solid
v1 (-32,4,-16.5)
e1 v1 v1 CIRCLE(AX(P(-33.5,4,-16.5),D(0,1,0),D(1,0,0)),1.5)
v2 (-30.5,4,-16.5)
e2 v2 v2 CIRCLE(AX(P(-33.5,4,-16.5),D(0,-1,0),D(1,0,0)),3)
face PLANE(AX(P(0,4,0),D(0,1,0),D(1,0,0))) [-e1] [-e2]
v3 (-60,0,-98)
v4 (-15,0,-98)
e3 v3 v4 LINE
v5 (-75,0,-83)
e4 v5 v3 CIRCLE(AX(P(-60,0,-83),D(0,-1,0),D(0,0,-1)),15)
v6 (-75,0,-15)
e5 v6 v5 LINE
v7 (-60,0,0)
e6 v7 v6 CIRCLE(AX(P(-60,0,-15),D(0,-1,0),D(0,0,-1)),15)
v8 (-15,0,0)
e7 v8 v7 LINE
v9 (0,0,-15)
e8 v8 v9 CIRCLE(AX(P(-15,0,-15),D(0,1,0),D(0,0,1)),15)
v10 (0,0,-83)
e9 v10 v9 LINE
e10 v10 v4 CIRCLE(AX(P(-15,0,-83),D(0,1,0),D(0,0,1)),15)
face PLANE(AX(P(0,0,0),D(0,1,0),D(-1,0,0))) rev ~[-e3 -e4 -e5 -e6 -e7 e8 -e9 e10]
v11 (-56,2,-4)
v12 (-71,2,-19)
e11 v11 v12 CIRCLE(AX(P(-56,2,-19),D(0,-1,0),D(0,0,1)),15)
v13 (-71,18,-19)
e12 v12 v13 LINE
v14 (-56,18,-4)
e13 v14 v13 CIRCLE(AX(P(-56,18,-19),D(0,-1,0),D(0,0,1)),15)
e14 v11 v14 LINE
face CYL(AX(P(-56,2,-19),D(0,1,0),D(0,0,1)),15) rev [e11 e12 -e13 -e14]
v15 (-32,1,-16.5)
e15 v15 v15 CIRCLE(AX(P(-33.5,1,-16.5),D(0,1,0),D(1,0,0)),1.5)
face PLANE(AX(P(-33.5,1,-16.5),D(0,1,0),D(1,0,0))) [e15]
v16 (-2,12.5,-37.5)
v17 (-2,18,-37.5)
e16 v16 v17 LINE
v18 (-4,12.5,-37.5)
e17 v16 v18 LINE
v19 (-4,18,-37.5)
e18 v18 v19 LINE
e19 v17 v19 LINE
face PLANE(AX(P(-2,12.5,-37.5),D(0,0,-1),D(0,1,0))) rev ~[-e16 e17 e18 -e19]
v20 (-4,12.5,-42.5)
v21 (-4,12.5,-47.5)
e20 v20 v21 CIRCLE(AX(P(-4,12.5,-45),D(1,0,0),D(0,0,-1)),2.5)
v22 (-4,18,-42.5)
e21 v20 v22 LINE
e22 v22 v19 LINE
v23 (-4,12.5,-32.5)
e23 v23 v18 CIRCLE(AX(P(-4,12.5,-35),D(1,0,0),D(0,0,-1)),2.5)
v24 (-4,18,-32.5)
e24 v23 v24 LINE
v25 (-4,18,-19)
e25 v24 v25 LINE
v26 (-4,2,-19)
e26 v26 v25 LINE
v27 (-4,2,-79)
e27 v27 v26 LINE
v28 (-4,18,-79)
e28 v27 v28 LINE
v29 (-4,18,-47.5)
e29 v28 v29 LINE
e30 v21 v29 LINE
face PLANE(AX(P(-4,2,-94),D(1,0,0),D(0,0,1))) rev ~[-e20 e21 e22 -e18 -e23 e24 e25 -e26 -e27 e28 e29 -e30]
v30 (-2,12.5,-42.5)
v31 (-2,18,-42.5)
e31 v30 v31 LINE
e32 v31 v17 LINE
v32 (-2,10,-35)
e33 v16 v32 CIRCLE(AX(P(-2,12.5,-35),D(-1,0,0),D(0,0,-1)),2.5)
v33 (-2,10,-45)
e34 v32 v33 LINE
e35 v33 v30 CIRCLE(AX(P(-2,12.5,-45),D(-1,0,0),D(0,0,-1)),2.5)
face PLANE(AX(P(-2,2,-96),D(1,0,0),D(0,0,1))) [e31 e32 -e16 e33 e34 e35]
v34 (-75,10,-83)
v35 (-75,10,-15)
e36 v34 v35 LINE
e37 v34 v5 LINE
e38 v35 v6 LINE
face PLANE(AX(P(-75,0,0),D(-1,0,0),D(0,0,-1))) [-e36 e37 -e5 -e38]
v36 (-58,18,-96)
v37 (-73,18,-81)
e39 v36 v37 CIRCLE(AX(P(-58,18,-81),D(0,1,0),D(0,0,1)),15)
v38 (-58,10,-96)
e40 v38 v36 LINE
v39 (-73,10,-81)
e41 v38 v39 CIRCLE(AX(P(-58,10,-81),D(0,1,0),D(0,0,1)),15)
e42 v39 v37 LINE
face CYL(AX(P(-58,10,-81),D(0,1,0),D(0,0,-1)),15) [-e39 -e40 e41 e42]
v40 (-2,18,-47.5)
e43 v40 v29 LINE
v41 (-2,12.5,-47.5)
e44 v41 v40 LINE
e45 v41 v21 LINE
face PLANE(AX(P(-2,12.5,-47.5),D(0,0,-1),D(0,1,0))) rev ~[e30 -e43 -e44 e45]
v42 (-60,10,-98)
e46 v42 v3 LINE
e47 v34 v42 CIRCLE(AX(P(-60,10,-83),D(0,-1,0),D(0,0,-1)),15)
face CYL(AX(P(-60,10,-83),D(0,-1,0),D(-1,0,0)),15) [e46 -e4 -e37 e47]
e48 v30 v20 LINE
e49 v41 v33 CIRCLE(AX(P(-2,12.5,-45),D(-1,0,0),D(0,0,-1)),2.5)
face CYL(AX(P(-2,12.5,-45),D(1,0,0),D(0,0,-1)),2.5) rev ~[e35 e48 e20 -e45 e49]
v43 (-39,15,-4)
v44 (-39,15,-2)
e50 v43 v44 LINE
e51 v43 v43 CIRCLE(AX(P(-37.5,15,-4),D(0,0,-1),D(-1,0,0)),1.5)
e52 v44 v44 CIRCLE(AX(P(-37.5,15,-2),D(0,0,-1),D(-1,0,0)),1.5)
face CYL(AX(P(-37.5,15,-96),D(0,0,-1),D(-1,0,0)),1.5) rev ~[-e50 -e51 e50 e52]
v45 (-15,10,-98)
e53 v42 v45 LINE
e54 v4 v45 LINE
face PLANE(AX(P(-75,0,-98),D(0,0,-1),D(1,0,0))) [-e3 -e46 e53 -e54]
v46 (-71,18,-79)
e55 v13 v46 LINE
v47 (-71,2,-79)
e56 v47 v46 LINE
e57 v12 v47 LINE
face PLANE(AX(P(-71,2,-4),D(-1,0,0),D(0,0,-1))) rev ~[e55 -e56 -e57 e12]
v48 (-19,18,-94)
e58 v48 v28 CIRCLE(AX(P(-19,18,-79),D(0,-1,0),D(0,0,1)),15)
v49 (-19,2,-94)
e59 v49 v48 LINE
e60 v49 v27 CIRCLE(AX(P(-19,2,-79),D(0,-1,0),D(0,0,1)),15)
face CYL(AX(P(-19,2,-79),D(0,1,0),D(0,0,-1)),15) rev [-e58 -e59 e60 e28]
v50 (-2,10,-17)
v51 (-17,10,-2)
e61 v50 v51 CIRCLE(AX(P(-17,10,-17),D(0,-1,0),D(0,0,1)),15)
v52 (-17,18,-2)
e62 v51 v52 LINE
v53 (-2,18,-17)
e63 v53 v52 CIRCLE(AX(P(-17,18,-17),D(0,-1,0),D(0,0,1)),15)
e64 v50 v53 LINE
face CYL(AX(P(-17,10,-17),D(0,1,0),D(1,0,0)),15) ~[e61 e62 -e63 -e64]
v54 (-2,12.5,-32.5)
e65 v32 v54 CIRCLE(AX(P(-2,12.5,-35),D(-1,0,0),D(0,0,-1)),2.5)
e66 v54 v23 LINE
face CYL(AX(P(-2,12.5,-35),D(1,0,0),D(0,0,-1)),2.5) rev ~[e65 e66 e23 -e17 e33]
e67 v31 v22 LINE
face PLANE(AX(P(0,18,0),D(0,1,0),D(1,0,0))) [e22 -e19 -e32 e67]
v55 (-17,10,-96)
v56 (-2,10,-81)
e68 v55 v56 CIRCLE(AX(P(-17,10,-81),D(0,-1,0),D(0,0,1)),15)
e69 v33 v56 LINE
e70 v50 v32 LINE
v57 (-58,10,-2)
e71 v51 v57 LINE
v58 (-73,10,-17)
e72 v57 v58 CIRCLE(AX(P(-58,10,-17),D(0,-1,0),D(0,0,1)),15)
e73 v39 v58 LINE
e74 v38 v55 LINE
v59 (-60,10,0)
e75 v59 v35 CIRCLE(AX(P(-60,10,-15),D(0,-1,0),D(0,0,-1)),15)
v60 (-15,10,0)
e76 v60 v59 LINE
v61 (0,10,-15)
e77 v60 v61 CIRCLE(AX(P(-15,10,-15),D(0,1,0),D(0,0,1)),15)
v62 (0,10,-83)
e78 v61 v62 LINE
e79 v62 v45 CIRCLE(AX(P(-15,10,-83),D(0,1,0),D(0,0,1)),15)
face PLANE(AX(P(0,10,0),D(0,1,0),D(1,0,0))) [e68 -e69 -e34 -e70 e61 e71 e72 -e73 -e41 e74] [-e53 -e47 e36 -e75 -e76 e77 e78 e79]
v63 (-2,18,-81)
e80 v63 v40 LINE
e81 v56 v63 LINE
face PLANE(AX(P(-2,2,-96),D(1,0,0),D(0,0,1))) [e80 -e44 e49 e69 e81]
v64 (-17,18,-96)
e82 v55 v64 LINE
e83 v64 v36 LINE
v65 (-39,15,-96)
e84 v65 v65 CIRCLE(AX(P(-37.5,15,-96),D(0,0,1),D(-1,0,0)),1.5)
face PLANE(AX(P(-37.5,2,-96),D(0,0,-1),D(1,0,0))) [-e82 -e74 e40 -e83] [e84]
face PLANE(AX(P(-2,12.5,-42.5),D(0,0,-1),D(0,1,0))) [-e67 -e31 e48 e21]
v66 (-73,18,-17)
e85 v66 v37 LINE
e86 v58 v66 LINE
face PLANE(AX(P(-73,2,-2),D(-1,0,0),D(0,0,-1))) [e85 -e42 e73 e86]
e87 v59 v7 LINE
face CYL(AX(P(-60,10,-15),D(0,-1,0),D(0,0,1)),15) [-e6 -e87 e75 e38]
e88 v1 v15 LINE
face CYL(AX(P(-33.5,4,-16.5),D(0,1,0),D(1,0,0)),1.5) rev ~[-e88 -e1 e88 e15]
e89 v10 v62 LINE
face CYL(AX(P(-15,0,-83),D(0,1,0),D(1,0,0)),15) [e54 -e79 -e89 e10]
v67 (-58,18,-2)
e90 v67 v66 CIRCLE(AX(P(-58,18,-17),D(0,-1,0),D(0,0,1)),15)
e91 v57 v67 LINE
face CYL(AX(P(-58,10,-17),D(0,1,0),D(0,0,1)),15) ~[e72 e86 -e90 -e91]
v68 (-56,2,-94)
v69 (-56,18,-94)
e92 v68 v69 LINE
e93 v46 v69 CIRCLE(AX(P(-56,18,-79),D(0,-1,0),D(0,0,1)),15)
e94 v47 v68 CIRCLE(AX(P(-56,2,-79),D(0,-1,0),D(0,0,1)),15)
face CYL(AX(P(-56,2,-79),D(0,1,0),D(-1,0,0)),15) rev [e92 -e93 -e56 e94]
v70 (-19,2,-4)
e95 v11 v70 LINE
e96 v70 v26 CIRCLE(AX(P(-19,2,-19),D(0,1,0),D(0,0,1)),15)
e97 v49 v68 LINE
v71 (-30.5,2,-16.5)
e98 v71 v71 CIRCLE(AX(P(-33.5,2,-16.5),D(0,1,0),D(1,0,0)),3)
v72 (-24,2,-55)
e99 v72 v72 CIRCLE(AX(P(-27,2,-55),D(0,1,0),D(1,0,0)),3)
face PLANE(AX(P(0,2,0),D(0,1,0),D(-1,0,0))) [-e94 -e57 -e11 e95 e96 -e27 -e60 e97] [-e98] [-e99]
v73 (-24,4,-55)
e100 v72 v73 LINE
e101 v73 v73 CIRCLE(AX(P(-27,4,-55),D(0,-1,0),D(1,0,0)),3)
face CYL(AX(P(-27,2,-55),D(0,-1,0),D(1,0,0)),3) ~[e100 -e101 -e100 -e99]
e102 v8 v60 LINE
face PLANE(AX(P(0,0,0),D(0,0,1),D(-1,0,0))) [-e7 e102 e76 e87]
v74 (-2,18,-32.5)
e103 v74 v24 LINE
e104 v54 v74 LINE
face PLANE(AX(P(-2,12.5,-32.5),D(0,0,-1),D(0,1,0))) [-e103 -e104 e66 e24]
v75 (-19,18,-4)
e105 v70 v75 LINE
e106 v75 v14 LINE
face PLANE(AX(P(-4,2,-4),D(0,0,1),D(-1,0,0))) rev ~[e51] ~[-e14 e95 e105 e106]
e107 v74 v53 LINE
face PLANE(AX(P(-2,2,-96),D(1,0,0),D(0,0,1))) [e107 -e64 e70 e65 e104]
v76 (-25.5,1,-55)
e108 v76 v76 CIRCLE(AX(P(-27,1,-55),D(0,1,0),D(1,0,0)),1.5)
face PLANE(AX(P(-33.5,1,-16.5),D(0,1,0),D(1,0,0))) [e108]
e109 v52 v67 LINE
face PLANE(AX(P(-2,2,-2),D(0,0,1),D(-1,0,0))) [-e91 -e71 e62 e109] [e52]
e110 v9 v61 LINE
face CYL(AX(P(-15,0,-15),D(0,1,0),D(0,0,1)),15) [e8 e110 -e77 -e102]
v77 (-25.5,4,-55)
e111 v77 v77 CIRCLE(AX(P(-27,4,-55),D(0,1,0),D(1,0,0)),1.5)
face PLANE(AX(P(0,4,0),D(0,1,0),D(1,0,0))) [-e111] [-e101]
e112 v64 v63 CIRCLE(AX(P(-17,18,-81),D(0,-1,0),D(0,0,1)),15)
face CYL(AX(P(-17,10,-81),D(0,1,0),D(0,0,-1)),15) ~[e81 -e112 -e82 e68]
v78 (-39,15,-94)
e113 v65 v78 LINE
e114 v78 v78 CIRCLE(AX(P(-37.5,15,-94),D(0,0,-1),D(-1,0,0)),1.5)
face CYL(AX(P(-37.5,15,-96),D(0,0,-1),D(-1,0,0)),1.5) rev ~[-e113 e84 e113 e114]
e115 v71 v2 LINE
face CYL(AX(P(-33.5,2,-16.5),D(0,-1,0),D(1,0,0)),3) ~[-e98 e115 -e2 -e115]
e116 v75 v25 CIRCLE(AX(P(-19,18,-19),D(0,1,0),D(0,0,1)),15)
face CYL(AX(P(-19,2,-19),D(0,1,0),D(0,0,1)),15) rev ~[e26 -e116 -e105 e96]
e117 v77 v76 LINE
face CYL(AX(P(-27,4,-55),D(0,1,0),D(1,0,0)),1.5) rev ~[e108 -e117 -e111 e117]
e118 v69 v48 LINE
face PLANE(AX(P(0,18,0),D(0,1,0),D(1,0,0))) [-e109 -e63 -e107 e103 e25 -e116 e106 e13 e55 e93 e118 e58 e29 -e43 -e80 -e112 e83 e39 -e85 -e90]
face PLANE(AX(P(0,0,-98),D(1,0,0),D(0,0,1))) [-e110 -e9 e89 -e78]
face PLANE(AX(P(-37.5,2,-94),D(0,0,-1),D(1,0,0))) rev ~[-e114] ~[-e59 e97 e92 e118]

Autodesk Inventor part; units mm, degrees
ref_plane "YZ Plane" through (0, 0, 0) normal (1, 0, 0) x (0, 1, 0)
ref_plane "XZ Plane" through (0, 0, 0) normal (0, 1, 0) x (-1, 0, 0)
ref_plane "XY Plane" through (0, 0, 0) normal (0, 0, 1) x (1, 0, 0)
sketch "Sketch1" plane through (0, 0, 0) normal (0, 1, 0) x (-1, 0, 0)
  line L0 (0, 0) -> (75, 0)
  line L1 (75, 0) -> (75, -98)
  line L2 (75, -98) -> (0, -98)
  line L3 (0, -98) -> (0, 0)
  dimension "d0" = 75
  dimension "d1" = 98
extrude "Extrusion1" add sketch "Sketch1" along normal blind 2
sketch "Sketch2" plane through (0, 2, 0) normal (0, 1, 0) x (1, 0, 0)
  line L0 (-75, 0) -> (0, 0)
  line L1 (0, 0) -> (0, 98)
  line L2 (0, 98) -> (-75, 98)
  line L3 (-75, 98) -> (-75, 0)
  line L4 (-73, 2) -> (-2, 2)
  line L5 (-2, 2) -> (-2, 96)
  line L6 (-2, 96) -> (-73, 96)
  line L7 (-73, 96) -> (-73, 2)
  line L8 (-37.5, 2) -> (-37.5, 96)
  line L9 (-37.5, 0) -> (-37.5, 98)
  line L10 (-75, 0) -> (0, 0) projected
  line L11 (-37.5, 0) -> (-37.5, 98)
  line L12 (0, 98) -> (-75, 98) projected
  point P0 (-37.5, 49)
  dimension "d4" = 75
  dimension "d5" = 98
  dimension "d6" = 71
  dimension "d7" = 94
extrude "Extrusion2" add sketch "Sketch2" along normal blind 8 contours L3 L2 L9 L6 L7 L4 L0 | L9 L4 L5 L6 L2 L1 L0
sketch "Sketch5" plane through (0, 2, 0) normal (0, 1, 0) x (1, 0, 0)
  line L0 (-2, 2) -> (-73, 2) projected
  line L1 (-73, 96) -> (-2, 96) projected
  line L2 (-2, 2) -> (-73, 2)
  line L3 (-73, 2) -> (-73, 96)
  line L4 (-73, 96) -> (-2, 96)
  line L5 (-2, 96) -> (-2, 2)
  line L6 (-4, 4) -> (-71, 4)
  line L7 (-71, 4) -> (-71, 94)
  line L8 (-71, 94) -> (-4, 94)
  line L9 (-4, 94) -> (-4, 4)
  line L10 (-37.5, 4) -> (-37.5, 94)
  line L11 (-37.5, 2) -> (-37.5, 96)
  point P0 (0, 0)
  point P1 (-37.5, 49)
  dimension "d11" = 67
  dimension "d12" = 90
extrude "Extrusion3" add sketch "Sketch5" along normal blind 16 contours L0 L11 L6 L9 L8 L1 L5 | L0 L3 L1 L11 L8 L7 L6
fillet "Fillet2" radius 15 12 edges at (0, 5, 0) (-2, 14, -2) (0, 5, -98) (-2, 14, -96) (-75, 5, -98) (-73, 14, -96) (-71, 10, -4) (-75, 5, 0) (-73, 14, -2) (-4, 10, -4) (-71, 10, -94) (-4, 10, -94)
sketch "Sketch6" plane through (0, 2, 0) normal (0, 1, 0) x (1, 0, 0)
  line L0 (-18.5, 14) -> (-56.5, 14)
  line L1 (-56.5, 14) -> (-56.5, 68)
  line L2 (-56.5, 68) -> (-18.5, 68)
  line L3 (-18.5, 68) -> (-18.5, 14)
  line L4 (-18.5, 14) -> (-33.5, 14)
  line L5 (-33.5, 14) -> (-33.5, 16.5)
  line L6 (-33.5, 16.5) -> (-18.5, 16.5)
  line L7 (-18.5, 16.5) -> (-18.5, 14)
  line L8 (-18.5, 14) -> (-27, 14)
  line L9 (-27, 14) -> (-27, 55)
  line L10 (-27, 55) -> (-18.5, 55)
  line L11 (-18.5, 55) -> (-18.5, 14)
  circle A0 centre (-33.5, 16.5) radius 3
  circle A1 centre (-27, 55) radius 3
  line L12 (-19, 4) -> (-56, 4) projected
  line L13 (-37.5, 4) -> (-37.5, 94)
  line L14 (-19, 94) -> (-56, 94) projected
  line L15 (-37.5, 4) -> (-39.5, 4)
  line L16 (-39.5, 4) -> (-39.5, 14)
  line L17 (-39.5, 14) -> (-37.5, 14)
  line L18 (-37.5, 14) -> (-37.5, 4)
  point P0 (0, 0)
  dimension "d16" = 38
  dimension "d17" = 54
  dimension "d18" = 15
  dimension "d19" = 2.5
  dimension "d20" = 8.5
  dimension "d21" = 41
  dimension "d22" = 6
  dimension "d23" = 6
  dimension "d24" = 2
  dimension "d25" = 10
extrude "Extrusion4" add sketch "Sketch6" along normal blind 2 contours A0 L0 | L0 L5 L6 A0 | L0 A0 L6 L5 | A1 L10 L9 | L9 L10 A1
sketch "Sketch7" plane through (-33.5, 4, -16.5) normal (0, 1, 0) x (1, 0, 0)
  circle A0 centre (0, 0) radius 3 projected
  circle A1 centre (0, 0) radius 1.5
  circle A2 centre (6.5, 38.5) radius 3 projected
  circle A3 centre (6.5, 38.5) radius 1.5
  point P0 (33.5, -16.5)
  dimension "d28" = 3
  dimension "d29" = 3
extrude "Extrusion5" cut sketch "Sketch7" against normal blind 3 contours A1 | A3
sketch "Sketch8" plane through (-17, 18, -96) normal (0, 0, -1) x (-1, 0, 0)
  line L0 (41, -8) -> (41, 0) projected
  line L1 (41, -8) -> (0, -8)
  line L2 (0, -8) -> (0, -3)
  line L3 (0, -3) -> (41, -3)
  line L4 (41, -3) -> (41, -8)
  circle A0 centre (20.5, -3) radius 1.5
  point P0 (-17, -18)
  dimension "d32" = 41
  dimension "d33" = 5
  dimension "d34" = 3
extrude "Extrusion6" cut sketch "Sketch8" against normal blind 100 contours A0 L3 | L3 A0
sketch "Sketch9" plane through (0, 2, 0) normal (0, 1, 0) x (1, 0, 0)
  point P0 (0, 0)
sketch "Sketch10" plane through (-2, 10, -81) normal (1, 0, 0) x (0, 0, -1)
  line L0 (-66, -10) -> (-66, 0) projected
  line L1 (-66, 0) -> (-46, 0)
  line L2 (-46, 0) -> (-46, 2.5)
  line L3 (-46, 2.5) -> (-66, 2.5)
  line L4 (-66, 2.5) -> (-66, 0)
  line L5 (-66, 0) -> (-36, 0)
  line L6 (-36, 0) -> (-36, 2.5)
  line L7 (-36, 2.5) -> (-66, 2.5)
  line L8 (-66, 2.5) -> (-66, 0)
  circle A0 centre (-46, 2.5) radius 2.5
  circle A1 centre (-36, 2.5) radius 2.5
  line L9 (-48.5, 2.5) -> (-48.5, 8)
  line L10 (-2, 8) -> (-62, 8) projected
  line L11 (-43.5, 2.5) -> (-43.5, 8)
  line L12 (-38.5, 2.5) -> (-38.5, 8)
  line L13 (-33.5, 2.5) -> (-33.5, 8)
  point P0 (-81, -10)
  dimension "d37" = 20
  dimension "d38" = 2.5
  dimension "d39" = 30
  dimension "d40" = 2.5
  dimension "d41" = 5
  dimension "d42" = 5
extrude "Extrusion7" cut sketch "Sketch10" against normal blind 5 contours A0 L3 L2 | L2 L7 A0 | L3 A0 L7 | A1 L7 L6 | L6 L7 A1 | L9 L10 L11 A0 | L12 L10 L13 A1
properties part number "reduced_tortoise_3_base"
